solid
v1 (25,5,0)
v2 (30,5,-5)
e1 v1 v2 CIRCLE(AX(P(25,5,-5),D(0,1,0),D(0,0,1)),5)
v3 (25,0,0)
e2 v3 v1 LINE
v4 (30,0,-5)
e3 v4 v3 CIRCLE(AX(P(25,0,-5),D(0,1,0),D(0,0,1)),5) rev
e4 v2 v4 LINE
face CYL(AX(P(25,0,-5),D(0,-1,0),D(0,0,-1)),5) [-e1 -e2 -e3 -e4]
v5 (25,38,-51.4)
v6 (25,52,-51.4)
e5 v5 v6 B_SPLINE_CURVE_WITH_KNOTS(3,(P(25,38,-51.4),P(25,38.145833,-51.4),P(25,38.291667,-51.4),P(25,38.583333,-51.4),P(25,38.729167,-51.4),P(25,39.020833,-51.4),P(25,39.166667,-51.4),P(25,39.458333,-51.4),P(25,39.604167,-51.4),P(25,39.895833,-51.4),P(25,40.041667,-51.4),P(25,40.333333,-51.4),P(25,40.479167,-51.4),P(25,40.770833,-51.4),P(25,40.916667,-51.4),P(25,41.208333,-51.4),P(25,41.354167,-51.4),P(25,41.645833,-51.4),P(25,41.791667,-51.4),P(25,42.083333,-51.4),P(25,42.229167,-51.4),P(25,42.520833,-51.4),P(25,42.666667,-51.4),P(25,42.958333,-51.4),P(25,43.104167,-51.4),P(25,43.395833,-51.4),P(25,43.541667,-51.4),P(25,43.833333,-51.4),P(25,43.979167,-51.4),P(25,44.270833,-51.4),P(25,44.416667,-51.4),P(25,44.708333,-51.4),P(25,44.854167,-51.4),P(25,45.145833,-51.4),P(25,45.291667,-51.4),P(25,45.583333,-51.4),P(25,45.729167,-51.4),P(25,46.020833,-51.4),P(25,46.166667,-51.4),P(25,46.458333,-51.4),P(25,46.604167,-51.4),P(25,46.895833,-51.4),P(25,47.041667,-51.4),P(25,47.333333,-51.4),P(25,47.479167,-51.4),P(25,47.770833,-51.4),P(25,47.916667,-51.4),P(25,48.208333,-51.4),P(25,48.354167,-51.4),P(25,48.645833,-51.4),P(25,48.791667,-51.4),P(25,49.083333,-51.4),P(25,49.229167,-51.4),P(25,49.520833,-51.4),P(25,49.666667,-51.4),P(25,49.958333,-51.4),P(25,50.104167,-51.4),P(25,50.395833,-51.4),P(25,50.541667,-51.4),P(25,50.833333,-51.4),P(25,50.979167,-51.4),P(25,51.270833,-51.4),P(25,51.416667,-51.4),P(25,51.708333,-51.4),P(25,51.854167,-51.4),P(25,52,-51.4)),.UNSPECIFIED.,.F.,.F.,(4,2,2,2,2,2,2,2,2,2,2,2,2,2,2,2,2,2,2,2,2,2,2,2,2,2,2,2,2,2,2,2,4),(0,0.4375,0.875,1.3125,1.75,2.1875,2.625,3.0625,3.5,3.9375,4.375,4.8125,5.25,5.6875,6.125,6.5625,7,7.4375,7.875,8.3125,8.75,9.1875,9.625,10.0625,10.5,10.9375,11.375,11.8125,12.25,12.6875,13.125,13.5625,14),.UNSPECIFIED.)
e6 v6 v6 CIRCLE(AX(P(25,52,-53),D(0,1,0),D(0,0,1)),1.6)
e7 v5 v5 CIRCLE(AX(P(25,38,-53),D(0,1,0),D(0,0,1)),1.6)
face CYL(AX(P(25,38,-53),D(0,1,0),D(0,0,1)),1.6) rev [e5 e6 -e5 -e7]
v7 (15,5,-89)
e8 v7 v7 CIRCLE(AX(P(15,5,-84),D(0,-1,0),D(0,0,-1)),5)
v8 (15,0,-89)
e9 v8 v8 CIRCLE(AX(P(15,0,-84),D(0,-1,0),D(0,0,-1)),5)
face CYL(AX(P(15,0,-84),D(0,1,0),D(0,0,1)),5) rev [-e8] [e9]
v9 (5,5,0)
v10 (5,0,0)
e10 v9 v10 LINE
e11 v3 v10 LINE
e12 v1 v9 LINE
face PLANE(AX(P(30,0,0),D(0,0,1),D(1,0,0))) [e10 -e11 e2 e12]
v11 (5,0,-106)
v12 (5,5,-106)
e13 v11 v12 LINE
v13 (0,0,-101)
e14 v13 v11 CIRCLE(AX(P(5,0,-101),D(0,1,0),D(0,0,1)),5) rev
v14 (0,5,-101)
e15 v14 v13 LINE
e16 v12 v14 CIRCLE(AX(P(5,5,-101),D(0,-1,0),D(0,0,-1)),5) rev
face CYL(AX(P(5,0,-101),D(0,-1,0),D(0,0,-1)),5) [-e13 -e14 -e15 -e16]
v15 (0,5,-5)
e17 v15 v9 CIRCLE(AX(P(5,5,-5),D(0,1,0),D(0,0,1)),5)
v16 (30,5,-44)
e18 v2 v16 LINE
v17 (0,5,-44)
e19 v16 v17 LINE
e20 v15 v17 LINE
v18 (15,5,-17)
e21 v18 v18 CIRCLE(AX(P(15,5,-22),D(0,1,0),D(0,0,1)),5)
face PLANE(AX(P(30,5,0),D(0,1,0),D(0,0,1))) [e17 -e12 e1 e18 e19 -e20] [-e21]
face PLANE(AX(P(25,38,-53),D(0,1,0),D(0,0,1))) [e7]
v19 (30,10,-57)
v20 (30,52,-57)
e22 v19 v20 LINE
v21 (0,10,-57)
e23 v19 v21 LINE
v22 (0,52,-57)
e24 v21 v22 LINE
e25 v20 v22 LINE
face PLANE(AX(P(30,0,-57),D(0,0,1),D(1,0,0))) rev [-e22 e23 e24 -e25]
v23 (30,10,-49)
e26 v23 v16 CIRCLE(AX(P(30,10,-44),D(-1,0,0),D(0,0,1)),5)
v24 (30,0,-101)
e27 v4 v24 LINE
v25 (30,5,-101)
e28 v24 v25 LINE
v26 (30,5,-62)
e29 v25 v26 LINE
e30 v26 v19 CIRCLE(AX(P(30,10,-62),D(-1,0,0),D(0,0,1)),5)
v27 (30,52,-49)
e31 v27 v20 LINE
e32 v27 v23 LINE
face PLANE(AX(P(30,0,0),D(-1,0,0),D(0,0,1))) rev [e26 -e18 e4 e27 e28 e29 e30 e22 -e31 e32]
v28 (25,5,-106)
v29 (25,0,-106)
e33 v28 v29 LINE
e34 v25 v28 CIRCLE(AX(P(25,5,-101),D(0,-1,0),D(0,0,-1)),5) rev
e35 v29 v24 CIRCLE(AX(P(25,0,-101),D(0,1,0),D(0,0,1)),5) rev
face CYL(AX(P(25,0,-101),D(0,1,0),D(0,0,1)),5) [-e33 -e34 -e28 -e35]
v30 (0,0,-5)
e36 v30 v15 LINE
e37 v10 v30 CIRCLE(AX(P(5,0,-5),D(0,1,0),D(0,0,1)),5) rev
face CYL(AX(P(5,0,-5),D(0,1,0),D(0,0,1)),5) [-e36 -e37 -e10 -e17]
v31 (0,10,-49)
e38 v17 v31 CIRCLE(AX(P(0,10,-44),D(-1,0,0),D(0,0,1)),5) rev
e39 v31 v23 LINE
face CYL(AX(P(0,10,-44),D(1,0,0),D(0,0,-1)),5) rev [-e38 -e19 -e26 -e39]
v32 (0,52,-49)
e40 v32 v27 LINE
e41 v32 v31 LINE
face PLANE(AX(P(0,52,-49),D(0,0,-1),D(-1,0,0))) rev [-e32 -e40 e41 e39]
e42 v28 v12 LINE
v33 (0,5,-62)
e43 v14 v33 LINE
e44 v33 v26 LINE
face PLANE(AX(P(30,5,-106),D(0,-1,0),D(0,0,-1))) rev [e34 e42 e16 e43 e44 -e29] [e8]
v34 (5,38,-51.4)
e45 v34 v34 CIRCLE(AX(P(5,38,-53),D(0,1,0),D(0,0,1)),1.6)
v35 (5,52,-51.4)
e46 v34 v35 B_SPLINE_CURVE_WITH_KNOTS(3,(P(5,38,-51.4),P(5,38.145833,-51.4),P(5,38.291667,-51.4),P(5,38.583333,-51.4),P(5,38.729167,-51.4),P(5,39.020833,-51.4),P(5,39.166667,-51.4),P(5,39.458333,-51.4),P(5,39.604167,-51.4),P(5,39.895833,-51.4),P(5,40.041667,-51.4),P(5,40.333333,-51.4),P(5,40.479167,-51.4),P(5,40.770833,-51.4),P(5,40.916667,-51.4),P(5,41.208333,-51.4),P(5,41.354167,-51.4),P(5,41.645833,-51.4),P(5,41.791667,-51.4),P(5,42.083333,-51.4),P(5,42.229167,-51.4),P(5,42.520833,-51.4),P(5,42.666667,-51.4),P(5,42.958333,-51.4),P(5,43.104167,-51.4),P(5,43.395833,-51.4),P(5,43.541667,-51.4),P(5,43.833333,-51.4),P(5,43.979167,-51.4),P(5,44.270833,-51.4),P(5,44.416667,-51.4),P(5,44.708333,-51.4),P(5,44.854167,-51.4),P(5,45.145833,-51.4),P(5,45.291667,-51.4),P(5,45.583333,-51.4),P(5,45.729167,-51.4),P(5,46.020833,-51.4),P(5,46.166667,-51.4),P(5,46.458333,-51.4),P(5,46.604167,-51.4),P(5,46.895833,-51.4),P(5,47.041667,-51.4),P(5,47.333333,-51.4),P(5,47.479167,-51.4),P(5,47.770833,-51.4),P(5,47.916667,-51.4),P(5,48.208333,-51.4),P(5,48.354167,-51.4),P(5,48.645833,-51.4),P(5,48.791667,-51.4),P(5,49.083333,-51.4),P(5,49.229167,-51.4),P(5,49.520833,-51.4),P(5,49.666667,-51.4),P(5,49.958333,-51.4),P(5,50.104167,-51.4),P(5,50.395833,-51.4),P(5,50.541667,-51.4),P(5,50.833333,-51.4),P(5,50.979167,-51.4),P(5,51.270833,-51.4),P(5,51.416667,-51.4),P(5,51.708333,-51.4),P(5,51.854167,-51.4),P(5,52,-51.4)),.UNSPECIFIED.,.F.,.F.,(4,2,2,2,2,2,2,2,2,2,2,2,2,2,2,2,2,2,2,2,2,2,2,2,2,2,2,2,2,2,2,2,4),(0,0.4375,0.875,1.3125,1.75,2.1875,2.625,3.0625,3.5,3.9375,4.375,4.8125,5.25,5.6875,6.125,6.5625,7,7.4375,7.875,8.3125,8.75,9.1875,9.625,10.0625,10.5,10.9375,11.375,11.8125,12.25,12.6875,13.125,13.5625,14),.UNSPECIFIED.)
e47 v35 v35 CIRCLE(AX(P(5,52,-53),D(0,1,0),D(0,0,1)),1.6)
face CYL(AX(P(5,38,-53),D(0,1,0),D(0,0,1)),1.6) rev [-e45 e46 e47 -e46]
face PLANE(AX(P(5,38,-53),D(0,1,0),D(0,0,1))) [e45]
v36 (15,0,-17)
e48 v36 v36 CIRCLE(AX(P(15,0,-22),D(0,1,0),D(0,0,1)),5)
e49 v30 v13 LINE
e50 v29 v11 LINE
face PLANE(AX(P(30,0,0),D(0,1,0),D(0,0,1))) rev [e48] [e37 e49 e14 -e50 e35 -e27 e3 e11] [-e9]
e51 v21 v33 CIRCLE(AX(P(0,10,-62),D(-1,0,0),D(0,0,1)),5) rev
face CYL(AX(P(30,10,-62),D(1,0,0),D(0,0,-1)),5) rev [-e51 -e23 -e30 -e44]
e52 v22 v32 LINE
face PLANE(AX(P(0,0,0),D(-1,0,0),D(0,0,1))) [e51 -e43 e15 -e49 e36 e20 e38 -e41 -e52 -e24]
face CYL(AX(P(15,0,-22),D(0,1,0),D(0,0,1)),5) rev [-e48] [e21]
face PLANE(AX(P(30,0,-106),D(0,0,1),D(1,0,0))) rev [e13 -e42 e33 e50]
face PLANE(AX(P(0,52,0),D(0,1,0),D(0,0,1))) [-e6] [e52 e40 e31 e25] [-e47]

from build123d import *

# Parameters (mm, degrees)
SKETCH1_W           = 57
SKETCH1_H           = 5
BOSS_EXTRUDE1_DEPTH = 30
SKETCH2_W           = 30
SKETCH2_H           = 8
BOSS_EXTRUDE2_DEPTH = 47
SKETCH3_R           = 5
CUT_EXTRUDE1_DEPTH  = 80.737067917
SKETCH5_R           = 1.6
CUT_EXTRUDE3_DEPTH  = 14
FILLET1_R           = 5
FILLET2_R           = 5


with BuildPart() as part:
    # Sketch1 → Boss-Extrude1 (new body)
    with BuildSketch(Plane(origin=(0, 0, 0), x_dir=(0, 0, -1), z_dir=(1, 0, 0))):
        with Locations((28.5, 2.5)):
            Rectangle(SKETCH1_W, SKETCH1_H)
    boss_extrude1 = extrude(amount=BOSS_EXTRUDE1_DEPTH)

    # Sketch2 → Boss-Extrude2 (add)
    with BuildSketch(Plane(origin=(0, 5, 0), x_dir=(1, 0, 0), z_dir=(0, 1, 0))):
        with Locations((15, 53)):
            Rectangle(SKETCH2_W, SKETCH2_H)
    extrude(amount=BOSS_EXTRUDE2_DEPTH)

    # Sketch3 → Cut-Extrude1 (cut, through all)
    with BuildSketch(Plane(origin=(0, 5, 0), x_dir=(1, 0, 0), z_dir=(0, 1, 0))):
        with Locations(Location((15, 22, 0), (0, 0, 270))):
            Circle(SKETCH3_R)
    cut_extrude1 = extrude(amount=-CUT_EXTRUDE1_DEPTH, mode=Mode.SUBTRACT)

    # Sketch5 → Cut-Extrude3 (cut)
    with BuildSketch(Plane(origin=(0, 52, 0), x_dir=(1, 0, 0), z_dir=(0, 1, 0))):
        with Locations(Location((5, 53, 0), (0, 0, 270))):
            Circle(SKETCH5_R)
        with Locations(Location((25, 53, 0), (0, 0, 270))):
            Circle(SKETCH5_R)
    extrude(amount=-CUT_EXTRUDE3_DEPTH, mode=Mode.SUBTRACT)

    # Fillet1
    fillet1_edges = [part.edges().sort_by_distance(p)[0] for p in [
        (15, 5, -49),
        (30, 2.5, 0),
        (0, 2.5, 0),
        (15, 0, -57),
    ]]
    fillet(fillet1_edges, radius=FILLET1_R)

    # Mirror1: Boss-Extrude1, Cut-Extrude1 across plane
    add(boss_extrude1.mirror(Plane(origin=(0, 0, -53), x_dir=(1, 0, 0), z_dir=(0, 0, -1))))
    add(cut_extrude1.mirror(Plane(origin=(0, 0, -53), x_dir=(1, 0, 0), z_dir=(0, 0, -1))), mode=Mode.SUBTRACT)

    # Fillet2
    fillet2_edges = [part.edges().sort_by_distance(p)[0] for p in [
        (15, 5, -57),
        (0, 2.5, -106),
        (30, 2.5, -106),
    ]]
    fillet(fillet2_edges, radius=FILLET2_R)


solid = part.part
